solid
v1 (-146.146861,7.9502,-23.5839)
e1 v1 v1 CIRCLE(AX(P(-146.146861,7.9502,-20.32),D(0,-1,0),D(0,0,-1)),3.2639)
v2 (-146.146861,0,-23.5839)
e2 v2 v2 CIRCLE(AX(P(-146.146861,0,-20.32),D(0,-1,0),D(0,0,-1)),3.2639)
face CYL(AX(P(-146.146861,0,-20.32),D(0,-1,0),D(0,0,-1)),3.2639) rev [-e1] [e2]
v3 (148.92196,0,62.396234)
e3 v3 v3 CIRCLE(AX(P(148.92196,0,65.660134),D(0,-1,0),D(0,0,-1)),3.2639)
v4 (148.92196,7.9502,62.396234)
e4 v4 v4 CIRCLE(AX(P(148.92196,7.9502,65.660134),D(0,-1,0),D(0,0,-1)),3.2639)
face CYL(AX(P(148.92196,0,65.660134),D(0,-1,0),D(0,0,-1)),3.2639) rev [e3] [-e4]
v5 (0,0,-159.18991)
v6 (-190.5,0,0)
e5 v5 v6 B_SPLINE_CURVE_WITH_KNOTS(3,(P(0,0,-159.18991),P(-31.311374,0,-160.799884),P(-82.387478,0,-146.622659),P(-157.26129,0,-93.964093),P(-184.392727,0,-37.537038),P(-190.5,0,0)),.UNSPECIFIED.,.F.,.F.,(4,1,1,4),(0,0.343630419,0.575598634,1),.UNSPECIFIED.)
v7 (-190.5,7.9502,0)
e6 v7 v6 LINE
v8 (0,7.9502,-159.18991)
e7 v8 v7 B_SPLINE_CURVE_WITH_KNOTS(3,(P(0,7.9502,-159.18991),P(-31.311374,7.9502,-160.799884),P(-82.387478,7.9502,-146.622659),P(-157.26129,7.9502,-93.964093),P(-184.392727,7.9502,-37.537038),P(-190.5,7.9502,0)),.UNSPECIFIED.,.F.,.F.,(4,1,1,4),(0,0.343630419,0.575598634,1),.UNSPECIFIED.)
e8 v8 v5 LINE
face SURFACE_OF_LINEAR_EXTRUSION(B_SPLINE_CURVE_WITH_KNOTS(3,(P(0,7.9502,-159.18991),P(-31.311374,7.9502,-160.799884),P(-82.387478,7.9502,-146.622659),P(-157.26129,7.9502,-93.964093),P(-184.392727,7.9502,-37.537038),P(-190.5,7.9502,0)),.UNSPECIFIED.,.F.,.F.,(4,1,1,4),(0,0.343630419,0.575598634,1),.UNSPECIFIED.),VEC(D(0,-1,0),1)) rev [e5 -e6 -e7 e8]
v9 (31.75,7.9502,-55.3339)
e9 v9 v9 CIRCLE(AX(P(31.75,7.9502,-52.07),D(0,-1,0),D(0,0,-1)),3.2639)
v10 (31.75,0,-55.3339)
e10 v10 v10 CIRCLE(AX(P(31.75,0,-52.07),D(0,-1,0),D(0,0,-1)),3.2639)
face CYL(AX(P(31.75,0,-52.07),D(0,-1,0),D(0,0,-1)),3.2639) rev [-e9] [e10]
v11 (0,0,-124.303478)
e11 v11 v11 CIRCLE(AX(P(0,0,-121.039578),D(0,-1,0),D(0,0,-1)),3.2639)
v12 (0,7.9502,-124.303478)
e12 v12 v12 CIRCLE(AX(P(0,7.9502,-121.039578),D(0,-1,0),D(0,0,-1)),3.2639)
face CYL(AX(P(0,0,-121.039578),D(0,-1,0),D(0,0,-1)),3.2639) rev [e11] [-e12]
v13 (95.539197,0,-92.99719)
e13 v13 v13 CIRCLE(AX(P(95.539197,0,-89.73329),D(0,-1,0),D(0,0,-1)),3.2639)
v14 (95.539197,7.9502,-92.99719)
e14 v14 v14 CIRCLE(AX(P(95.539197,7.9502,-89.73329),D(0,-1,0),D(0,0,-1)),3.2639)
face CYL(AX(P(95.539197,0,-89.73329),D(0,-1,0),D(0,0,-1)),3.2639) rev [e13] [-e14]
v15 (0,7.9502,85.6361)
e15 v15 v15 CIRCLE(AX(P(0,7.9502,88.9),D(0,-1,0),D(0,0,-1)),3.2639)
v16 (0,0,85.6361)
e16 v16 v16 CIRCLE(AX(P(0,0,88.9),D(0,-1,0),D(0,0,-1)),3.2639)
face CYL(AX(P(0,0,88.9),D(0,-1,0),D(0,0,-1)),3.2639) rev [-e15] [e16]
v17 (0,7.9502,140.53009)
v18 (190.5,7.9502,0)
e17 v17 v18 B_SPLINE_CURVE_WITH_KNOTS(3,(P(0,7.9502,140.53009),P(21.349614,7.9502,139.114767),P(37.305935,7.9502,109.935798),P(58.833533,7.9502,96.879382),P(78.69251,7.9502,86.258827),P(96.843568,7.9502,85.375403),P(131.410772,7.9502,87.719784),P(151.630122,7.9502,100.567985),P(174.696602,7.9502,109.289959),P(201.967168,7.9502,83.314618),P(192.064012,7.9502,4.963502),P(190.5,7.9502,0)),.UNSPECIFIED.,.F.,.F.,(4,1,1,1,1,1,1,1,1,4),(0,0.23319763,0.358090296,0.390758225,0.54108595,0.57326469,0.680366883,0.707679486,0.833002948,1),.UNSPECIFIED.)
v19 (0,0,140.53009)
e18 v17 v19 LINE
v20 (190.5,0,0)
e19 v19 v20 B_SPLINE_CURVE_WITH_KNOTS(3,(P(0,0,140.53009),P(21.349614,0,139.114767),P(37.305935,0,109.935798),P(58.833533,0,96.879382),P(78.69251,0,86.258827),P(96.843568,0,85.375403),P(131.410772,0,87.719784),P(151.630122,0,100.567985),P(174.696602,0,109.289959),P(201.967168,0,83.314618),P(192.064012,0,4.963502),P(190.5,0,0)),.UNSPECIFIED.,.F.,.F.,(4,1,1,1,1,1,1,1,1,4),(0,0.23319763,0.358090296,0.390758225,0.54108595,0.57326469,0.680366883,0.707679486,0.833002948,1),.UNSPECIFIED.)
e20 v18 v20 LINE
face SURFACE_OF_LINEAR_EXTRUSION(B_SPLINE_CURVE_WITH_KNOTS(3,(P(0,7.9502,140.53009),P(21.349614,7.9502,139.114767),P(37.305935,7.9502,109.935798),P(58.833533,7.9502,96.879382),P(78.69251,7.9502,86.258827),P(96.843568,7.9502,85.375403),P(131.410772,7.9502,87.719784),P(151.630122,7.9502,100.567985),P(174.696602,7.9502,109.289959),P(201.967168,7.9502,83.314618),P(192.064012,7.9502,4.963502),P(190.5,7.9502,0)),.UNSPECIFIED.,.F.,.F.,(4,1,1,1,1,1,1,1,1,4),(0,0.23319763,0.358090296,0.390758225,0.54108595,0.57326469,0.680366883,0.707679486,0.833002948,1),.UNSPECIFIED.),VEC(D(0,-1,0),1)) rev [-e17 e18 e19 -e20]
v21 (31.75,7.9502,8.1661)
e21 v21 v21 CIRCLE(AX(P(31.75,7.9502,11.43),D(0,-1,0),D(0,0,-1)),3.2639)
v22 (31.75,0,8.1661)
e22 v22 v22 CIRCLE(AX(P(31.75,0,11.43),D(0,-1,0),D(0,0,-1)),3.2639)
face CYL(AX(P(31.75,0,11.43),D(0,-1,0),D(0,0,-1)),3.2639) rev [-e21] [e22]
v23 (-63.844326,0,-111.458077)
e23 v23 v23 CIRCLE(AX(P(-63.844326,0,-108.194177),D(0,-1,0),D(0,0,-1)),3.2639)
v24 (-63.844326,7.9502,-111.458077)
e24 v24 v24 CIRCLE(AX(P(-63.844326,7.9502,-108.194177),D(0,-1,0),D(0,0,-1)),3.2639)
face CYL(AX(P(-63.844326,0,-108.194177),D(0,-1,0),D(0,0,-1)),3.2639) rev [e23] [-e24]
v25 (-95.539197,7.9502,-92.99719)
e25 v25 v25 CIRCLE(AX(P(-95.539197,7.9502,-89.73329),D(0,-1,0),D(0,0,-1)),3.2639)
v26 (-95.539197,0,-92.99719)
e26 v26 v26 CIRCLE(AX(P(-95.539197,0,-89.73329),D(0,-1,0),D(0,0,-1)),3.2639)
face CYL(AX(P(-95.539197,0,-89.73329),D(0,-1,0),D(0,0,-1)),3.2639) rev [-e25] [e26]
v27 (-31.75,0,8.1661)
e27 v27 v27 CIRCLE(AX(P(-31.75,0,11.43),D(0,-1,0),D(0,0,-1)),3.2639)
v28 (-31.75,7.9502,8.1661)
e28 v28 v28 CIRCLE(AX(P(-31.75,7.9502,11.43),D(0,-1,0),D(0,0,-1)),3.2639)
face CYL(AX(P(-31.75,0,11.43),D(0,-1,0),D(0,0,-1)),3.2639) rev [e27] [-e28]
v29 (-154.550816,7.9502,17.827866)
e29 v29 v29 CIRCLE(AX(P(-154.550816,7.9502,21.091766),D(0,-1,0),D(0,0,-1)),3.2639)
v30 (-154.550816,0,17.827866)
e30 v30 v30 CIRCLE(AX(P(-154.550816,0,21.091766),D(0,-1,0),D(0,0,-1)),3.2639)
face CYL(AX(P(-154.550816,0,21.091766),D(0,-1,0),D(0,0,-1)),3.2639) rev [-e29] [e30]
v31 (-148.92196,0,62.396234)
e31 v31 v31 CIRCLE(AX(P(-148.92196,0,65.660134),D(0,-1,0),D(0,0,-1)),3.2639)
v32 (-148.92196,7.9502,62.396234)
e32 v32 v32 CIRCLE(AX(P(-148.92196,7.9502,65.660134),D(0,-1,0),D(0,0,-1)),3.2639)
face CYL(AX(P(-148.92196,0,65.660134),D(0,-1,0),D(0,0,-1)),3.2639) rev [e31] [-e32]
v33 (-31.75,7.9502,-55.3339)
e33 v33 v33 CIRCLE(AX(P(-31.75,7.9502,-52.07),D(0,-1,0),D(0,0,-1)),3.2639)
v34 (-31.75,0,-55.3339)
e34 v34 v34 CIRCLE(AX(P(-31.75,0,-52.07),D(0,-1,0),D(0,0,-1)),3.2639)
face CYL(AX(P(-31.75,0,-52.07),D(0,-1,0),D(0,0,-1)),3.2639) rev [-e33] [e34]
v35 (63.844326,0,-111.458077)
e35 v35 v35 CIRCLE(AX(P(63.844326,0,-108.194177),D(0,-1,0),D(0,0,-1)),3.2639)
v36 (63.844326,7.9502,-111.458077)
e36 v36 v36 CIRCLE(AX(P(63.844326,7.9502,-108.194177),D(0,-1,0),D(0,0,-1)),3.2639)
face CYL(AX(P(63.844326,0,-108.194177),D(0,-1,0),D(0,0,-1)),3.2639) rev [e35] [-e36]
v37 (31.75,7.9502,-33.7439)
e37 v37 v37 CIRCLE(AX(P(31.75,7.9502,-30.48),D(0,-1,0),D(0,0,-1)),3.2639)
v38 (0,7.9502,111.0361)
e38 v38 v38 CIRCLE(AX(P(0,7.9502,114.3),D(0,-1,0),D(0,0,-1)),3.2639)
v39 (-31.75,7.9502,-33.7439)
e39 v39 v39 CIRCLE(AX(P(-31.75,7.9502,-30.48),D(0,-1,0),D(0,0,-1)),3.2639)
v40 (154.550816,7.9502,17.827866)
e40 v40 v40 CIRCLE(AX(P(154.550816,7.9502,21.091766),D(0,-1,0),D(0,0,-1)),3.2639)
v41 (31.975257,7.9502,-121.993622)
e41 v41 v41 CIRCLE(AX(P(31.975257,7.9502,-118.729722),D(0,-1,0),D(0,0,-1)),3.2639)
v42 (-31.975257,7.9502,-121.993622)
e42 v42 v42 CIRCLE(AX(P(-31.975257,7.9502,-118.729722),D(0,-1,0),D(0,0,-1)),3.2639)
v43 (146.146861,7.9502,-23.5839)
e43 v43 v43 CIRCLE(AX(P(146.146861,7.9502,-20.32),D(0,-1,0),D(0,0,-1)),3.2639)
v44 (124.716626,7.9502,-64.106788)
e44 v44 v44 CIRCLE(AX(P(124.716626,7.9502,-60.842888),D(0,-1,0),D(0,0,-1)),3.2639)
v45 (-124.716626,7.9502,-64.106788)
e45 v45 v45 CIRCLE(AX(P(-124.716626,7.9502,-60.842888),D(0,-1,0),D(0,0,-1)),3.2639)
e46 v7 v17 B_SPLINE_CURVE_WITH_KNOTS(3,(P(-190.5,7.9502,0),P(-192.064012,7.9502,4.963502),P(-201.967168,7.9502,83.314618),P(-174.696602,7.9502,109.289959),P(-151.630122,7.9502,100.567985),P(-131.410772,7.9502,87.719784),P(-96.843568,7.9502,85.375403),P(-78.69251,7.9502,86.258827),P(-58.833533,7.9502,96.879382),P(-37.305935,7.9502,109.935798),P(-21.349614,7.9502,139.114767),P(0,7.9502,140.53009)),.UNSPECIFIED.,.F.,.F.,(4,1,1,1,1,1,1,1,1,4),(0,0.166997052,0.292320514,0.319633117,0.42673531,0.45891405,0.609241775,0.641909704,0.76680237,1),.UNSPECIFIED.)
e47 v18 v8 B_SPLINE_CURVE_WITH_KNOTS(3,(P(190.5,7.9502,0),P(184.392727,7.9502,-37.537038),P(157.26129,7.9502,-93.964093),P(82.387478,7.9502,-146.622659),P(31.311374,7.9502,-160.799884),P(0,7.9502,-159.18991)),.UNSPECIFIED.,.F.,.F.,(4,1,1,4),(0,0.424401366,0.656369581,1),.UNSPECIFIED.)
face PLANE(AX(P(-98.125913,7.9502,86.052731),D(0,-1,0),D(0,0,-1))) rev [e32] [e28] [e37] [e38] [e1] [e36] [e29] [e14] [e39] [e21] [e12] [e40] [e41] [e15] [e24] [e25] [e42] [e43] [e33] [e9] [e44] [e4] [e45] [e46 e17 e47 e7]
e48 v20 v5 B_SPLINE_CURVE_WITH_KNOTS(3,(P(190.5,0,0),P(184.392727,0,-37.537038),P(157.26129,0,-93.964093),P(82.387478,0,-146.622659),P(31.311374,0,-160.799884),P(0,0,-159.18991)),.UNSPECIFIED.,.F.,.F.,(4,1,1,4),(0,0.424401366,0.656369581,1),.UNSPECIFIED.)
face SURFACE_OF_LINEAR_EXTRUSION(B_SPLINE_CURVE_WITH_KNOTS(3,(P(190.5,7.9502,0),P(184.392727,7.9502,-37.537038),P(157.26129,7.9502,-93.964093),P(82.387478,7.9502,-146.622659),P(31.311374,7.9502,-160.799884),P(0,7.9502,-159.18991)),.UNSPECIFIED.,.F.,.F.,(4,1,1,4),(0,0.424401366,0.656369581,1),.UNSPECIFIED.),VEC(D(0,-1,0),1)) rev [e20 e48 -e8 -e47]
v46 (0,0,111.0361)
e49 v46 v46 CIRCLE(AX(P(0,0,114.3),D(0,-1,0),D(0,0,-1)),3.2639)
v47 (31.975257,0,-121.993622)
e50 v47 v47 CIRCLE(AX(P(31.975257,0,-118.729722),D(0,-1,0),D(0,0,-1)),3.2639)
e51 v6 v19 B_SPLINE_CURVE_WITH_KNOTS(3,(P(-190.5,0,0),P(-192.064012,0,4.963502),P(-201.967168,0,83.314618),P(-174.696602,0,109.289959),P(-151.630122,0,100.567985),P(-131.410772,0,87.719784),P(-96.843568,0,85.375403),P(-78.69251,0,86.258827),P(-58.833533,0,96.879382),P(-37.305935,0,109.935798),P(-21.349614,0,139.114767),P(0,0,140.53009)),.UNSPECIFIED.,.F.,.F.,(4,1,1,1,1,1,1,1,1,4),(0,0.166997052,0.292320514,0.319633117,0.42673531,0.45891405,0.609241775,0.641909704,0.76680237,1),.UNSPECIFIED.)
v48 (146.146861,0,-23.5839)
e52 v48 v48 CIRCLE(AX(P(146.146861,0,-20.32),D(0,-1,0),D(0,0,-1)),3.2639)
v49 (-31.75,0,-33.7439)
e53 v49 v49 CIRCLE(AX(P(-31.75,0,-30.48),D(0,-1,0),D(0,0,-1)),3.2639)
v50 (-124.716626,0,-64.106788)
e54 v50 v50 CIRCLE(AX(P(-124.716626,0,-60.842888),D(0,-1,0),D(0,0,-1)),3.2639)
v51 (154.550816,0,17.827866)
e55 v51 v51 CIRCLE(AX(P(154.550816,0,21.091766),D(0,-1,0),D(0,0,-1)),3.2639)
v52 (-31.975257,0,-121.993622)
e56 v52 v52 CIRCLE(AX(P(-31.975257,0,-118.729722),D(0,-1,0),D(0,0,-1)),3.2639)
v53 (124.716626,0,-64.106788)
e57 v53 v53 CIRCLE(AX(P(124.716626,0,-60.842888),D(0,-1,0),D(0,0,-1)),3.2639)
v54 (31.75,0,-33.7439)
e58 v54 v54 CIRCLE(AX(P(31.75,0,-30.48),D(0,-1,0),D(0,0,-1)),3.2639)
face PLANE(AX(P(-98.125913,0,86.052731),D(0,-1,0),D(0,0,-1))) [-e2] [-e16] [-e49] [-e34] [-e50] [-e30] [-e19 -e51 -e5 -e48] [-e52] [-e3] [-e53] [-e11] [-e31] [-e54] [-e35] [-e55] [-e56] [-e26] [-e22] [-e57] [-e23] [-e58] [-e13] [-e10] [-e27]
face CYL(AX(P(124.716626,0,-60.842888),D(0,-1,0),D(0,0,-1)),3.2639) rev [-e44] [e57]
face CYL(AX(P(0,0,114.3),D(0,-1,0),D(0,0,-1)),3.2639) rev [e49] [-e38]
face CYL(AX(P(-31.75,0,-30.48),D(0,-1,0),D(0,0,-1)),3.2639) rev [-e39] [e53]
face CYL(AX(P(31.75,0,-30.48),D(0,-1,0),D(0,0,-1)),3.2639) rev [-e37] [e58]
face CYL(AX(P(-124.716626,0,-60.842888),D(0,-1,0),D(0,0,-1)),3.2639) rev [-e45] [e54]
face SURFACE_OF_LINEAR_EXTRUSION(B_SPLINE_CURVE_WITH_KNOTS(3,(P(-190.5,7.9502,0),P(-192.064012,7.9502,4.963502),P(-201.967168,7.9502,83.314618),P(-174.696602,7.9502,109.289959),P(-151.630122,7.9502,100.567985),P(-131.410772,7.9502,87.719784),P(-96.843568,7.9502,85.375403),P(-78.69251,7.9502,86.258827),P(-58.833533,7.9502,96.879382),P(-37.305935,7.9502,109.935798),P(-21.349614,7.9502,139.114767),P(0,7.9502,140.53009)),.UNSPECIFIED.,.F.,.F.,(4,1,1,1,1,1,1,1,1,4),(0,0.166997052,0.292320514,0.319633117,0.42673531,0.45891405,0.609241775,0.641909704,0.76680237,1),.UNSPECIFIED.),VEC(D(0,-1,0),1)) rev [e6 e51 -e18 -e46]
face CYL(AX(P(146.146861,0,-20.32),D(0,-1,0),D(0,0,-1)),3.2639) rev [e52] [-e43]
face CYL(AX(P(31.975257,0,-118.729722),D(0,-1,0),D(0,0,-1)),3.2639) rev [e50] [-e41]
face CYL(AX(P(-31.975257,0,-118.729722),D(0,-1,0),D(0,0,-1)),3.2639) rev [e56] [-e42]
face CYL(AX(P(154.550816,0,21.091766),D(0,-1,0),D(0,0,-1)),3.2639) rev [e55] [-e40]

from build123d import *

# Parameters (mm, degrees)
BOSS_EXTRUDE1_DEPTH      = 7.9502
F_0_257_DIAMETER_HOLE2_D = 6.5278


with BuildPart() as part:
    # Sketch3 → Boss-Extrude1 (new body)
    with BuildSketch(Plane(origin=(0, 0, 0), x_dir=(1, 0, 0), z_dir=(0, 1, 0))):
        with BuildLine():
            add(Edge.make_bspline(
                [(-190.5, 0), (-184.392726562, 37.537038237), (-157.261289847, 93.964093485), (-82.387478202, 146.622658841), (-31.311374143, 160.799884185), (0, 159.189909928)],
                knots=[0, 0, 0, 0, 0.424401366, 0.656369581, 1, 1, 1, 1], degree=3))
            add(Edge.make_bspline(
                [(190.5, 0), (184.392726562, 37.537038237), (157.261289847, 93.964093485), (82.387478202, 146.622658841), (31.311374143, 160.799884185), (0, 159.189909928)],
                knots=[0, 0, 0, 0, 0.424401366, 0.656369581, 1, 1, 1, 1], degree=3))
            add(Edge.make_bspline(
                [(190.5, 0), (192.064011793, -4.963501926), (201.967167766, -83.314618311), (174.696602041, -109.289958804), (151.630121659, -100.567984898), (131.410771519, -87.719783961), (96.843567628, -85.375403377), (78.692510144, -86.25882742), (58.833533072, -96.87938247), (37.30593461, -109.935798162), (21.349613946, -139.114767457), (0, -140.530090072)],
                knots=[0, 0, 0, 0, 0.166997052, 0.292320514, 0.319633117, 0.42673531, 0.45891405, 0.609241775, 0.641909704, 0.76680237, 1, 1, 1, 1], degree=3))
            add(Edge.make_bspline(
                [(-190.5, 0), (-192.064011793, -4.963501926), (-201.967167766, -83.314618311), (-174.696602041, -109.289958804), (-151.630121659, -100.567984898), (-131.410771519, -87.719783961), (-96.843567628, -85.375403377), (-78.692510144, -86.25882742), (-58.833533072, -96.87938247), (-37.30593461, -109.935798162), (-21.349613946, -139.114767457), (0, -140.530090072)],
                knots=[0, 0, 0, 0, 0.166997052, 0.292320514, 0.319633117, 0.42673531, 0.45891405, 0.609241775, 0.641909704, 0.76680237, 1, 1, 1, 1], degree=3))
        make_face()
    extrude(amount=BOSS_EXTRUDE1_DEPTH)

    # F (0.257) Diameter Hole2 (through all)
    with Locations(Plane(origin=(0, 0, 0), x_dir=(-1, 0, 0), z_dir=(0, -1, 0))):
        with Locations((31.75, 52.07), (31.75, -11.43), (-31.75, -11.43), (31.75, 30.48), (-31.75, 30.48), (-31.75, 52.07), (-154.550815557, -21.091766218), (-148.92196036, -65.660133902), (-146.146860676, 20.320000002), (-124.716626151, 60.842888284), (-95.539197059, 89.733289755), (148.92196036, -65.660133902), (154.550815557, -21.091766218), (124.716626151, 60.842888284), (95.539197059, 89.733289755), (63.844326407, 108.194176591), (31.975257083, 118.72972232), (0, 121.039578202), (-31.975257083, 118.72972232), (-63.844326407, 108.194176591), (146.146860676, 20.32), (0, -88.9), (0, -114.3)):
            Hole(F_0_257_DIAMETER_HOLE2_D / 2)


solid = part.part
